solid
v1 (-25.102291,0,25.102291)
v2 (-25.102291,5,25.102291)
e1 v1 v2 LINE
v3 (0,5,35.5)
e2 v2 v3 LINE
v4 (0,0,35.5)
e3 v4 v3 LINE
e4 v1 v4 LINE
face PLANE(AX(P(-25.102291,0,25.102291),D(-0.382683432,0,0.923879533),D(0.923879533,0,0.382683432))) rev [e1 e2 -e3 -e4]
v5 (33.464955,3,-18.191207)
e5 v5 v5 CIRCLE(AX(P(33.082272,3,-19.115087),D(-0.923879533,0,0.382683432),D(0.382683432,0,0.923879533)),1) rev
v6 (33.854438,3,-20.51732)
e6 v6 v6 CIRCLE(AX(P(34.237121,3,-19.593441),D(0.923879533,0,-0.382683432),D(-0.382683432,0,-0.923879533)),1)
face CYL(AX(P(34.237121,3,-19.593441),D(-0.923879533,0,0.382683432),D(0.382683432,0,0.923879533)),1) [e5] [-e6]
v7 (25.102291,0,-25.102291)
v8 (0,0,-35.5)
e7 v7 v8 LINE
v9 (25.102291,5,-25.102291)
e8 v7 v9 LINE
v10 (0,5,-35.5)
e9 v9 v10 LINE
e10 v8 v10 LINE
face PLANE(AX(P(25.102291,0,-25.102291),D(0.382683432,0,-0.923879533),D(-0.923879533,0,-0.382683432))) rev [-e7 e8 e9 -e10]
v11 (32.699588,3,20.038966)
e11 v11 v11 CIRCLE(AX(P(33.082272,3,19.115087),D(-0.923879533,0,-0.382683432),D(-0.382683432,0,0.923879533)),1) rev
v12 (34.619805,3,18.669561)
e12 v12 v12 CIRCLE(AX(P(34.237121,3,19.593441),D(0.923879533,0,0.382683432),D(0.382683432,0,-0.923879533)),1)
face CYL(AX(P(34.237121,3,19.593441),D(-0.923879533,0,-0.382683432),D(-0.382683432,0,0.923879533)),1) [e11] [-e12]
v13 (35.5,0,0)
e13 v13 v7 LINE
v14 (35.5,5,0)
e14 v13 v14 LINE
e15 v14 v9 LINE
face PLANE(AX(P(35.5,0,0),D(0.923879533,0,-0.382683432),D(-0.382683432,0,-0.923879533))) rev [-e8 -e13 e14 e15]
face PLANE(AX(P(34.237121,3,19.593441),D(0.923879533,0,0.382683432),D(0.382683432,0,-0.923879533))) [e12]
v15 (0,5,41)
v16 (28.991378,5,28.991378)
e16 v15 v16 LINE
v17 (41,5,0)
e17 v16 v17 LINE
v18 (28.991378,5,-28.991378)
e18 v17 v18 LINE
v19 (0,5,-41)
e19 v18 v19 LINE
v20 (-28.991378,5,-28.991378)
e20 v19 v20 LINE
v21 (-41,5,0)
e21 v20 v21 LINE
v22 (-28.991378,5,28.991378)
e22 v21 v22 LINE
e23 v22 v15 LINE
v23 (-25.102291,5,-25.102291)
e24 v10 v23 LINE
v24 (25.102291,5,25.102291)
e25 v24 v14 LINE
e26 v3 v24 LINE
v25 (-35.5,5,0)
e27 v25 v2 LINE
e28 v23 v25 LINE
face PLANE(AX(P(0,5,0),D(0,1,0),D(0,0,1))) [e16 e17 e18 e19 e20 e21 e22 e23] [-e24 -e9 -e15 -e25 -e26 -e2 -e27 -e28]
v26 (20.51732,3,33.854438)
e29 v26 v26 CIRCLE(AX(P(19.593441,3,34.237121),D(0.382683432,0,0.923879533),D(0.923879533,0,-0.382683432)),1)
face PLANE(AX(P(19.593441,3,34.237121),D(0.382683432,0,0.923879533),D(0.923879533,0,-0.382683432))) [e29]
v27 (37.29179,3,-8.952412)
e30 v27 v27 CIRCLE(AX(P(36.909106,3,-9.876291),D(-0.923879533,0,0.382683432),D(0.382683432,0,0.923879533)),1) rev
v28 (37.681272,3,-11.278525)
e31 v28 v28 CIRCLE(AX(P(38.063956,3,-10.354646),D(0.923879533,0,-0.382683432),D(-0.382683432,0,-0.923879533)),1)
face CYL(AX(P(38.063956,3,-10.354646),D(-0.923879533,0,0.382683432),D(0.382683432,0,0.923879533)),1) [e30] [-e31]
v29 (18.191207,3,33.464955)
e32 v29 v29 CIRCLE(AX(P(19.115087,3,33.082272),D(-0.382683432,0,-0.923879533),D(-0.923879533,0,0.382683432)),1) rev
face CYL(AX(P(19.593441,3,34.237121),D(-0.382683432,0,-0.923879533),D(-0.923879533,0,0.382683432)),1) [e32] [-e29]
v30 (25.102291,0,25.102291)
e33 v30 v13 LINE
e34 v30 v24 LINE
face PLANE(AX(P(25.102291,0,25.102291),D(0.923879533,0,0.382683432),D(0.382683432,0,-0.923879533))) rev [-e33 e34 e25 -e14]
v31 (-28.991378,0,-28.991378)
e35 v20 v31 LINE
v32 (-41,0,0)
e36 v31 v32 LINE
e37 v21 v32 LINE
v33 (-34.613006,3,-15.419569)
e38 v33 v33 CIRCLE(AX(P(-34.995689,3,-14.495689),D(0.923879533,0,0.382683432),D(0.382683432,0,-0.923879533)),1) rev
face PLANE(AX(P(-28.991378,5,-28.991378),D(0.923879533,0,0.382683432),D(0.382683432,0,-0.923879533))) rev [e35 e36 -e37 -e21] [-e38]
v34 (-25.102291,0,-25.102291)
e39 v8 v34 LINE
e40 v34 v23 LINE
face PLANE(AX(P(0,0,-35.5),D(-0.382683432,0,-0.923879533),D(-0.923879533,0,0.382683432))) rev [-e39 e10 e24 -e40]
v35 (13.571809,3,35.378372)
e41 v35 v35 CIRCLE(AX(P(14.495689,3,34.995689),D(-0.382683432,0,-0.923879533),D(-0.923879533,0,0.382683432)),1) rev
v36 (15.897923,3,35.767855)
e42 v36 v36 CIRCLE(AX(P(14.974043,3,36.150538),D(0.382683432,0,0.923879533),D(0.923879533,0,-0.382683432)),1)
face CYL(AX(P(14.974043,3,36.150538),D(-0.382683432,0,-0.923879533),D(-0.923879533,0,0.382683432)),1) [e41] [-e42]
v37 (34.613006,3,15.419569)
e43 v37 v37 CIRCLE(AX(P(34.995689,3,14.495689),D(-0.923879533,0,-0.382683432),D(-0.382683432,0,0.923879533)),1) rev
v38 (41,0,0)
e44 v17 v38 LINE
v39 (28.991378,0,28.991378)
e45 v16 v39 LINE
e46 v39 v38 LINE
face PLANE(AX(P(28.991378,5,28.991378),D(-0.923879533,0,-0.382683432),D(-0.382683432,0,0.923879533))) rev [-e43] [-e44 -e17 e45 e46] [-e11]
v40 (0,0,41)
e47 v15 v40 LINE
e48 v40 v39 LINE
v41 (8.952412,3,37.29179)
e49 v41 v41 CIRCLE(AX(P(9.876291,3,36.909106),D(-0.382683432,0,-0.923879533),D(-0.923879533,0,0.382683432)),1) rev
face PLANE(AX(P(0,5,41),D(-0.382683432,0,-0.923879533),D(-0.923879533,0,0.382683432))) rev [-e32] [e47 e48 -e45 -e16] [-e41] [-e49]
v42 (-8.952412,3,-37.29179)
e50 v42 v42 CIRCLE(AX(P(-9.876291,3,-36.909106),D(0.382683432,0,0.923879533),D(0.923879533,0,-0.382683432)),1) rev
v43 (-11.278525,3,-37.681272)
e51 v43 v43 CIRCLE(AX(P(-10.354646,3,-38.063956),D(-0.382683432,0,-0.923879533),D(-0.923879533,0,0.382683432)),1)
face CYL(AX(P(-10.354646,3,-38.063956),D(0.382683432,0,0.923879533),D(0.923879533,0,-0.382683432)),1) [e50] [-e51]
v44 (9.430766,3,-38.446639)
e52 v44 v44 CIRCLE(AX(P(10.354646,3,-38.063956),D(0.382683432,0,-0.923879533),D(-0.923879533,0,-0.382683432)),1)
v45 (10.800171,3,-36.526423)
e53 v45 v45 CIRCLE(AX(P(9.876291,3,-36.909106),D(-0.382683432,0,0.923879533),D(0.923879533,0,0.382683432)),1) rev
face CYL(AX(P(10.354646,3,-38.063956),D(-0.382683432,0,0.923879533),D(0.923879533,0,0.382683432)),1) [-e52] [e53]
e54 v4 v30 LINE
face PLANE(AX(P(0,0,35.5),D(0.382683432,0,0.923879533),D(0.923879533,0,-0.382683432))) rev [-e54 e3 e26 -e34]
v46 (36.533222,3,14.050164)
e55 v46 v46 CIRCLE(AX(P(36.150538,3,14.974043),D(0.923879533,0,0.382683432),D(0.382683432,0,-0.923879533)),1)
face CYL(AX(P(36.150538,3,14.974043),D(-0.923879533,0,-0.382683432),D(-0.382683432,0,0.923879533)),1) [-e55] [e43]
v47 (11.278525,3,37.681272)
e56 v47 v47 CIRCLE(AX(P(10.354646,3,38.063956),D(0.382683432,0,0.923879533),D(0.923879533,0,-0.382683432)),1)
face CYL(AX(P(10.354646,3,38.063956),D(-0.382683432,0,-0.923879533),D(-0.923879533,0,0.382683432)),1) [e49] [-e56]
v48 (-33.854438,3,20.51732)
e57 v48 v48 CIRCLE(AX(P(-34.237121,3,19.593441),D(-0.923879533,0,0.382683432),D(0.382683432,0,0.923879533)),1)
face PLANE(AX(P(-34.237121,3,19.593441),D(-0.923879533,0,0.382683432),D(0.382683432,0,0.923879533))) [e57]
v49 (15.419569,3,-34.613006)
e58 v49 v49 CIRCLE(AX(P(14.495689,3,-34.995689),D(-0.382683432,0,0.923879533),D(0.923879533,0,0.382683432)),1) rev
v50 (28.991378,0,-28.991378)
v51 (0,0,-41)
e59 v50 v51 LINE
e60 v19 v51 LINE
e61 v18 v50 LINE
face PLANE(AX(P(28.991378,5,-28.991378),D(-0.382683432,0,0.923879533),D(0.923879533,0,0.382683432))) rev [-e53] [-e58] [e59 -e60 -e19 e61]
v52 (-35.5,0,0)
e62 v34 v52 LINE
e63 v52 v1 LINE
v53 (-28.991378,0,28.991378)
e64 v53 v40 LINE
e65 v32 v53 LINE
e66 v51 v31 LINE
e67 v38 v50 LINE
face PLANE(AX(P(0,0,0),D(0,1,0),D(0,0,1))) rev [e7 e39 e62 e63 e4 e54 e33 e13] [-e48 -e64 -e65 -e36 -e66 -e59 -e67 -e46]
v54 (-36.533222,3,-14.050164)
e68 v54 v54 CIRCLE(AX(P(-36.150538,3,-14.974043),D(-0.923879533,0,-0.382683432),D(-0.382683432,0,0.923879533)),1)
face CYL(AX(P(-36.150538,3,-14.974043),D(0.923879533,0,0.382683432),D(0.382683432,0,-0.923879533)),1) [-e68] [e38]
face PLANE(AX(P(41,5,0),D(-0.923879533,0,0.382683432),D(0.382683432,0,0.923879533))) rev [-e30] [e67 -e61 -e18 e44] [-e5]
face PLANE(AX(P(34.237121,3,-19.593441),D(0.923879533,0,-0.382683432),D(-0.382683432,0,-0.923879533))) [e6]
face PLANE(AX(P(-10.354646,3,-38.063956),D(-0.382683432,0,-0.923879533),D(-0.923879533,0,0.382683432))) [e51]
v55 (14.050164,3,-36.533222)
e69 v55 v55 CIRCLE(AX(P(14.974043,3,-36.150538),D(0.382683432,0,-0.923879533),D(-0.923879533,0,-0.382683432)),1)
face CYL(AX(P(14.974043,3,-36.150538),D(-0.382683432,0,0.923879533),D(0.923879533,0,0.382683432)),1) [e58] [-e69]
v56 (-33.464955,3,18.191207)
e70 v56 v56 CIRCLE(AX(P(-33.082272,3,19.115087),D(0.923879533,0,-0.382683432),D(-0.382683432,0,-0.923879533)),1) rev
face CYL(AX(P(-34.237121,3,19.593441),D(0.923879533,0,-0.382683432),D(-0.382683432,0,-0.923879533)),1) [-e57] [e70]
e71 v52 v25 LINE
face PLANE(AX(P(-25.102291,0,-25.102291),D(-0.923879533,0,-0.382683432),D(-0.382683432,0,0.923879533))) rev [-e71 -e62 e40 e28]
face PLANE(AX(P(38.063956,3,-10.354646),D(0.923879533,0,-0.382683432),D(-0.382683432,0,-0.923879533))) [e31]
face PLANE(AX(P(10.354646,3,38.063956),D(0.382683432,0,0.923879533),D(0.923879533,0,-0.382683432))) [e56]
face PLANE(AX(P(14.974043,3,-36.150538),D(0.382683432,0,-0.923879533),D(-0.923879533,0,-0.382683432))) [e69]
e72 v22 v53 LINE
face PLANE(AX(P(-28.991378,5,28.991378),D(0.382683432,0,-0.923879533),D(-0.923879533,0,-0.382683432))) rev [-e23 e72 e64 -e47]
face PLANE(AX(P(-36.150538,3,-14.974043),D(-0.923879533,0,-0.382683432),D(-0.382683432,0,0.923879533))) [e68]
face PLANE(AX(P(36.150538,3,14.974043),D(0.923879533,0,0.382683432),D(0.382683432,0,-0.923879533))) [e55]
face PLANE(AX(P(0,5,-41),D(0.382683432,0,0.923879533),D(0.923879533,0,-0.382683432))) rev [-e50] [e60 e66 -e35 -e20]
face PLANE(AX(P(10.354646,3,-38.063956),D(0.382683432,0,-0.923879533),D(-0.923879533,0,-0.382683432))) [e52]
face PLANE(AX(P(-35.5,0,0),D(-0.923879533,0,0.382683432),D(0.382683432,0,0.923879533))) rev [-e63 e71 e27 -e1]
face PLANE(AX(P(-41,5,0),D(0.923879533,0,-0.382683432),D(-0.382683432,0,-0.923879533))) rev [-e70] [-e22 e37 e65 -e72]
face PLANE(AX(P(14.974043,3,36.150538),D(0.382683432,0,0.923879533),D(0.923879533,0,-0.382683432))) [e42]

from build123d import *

# Parameters (mm, degrees)
BOSS_EXTRUDE1_DEPTH  = 5
CUT_EXTRUDE1_DEPTH   = 5
SKETCH6_R            = 1
BOSS_EXTRUDE5_DEPTH  = 1.25
SKETCH7_R            = 1
BOSS_EXTRUDE6_DEPTH  = 1.25
SKETCH8_R            = 1
BOSS_EXTRUDE7_DEPTH  = 1.25
BOSS_EXTRUDE8_START  = 1.25
SKETCH9_R            = 1
BOSS_EXTRUDE8_DEPTH  = 1.25
SKETCH10_R           = 1
BOSS_EXTRUDE12_DEPTH = 1.25
BOSS_EXTRUDE13_START = 1.25
SKETCH11_R           = 1
BOSS_EXTRUDE13_DEPTH = 1.25
BOSS_EXTRUDE14_START = 1.25
SKETCH12_R           = 1
BOSS_EXTRUDE14_DEPTH = 1.25


with BuildPart() as part:
    # Sketch3 → Boss-Extrude1 (new body)
    with BuildSketch(Plane(origin=(0, 0, 0), x_dir=(1, 0, 0), z_dir=(0, 1, 0))):
        Polygon((41, 0), (28.991378029, 28.991378029), (0, 41), (-28.991378029, 28.991378029), (-41, 0), (-28.991378029, -28.991378029), (0, -41), (28.991378029, -28.991378029), align=None)
    extrude(amount=BOSS_EXTRUDE1_DEPTH)

    # Sketch5 → Cut-Extrude1 (cut)
    with BuildSketch(Plane(origin=(0, 5, 0), x_dir=(1, 0, 0), z_dir=(0, 1, 0))):
        Polygon((35.5, 0), (25.102290732, 25.102290732), (0, 35.5), (-25.102290732, 25.102290732), (-35.5, 0), (-25.102290732, -25.102290732), (0, -35.5), (25.102290732, -25.102290732), align=None)
    extrude(amount=-CUT_EXTRUDE1_DEPTH, mode=Mode.SUBTRACT)

    # Sketch6 → Boss-Extrude5 (add)
    with BuildSketch(Plane(origin=(14.495689014, 0, 34.995689014), x_dir=(0.9238795325112827, 0, -0.38268343236509966), z_dir=(0.38268343236509966, 0, 0.9238795325112827))):
        with Locations(Location((0, 3, 0), (0, 0, 180))):
            Circle(SKETCH6_R)
        with Locations(Location((-5, 3, 0), (0, 0, 180))):
            Circle(SKETCH6_R)
        with Locations(Location((5, 3, 0), (0, 0, 180))):
            Circle(SKETCH6_R)
    extrude(amount=BOSS_EXTRUDE5_DEPTH)

    # Sketch7 → Boss-Extrude6 (add)
    with BuildSketch(Plane(origin=(-34.995689014, 0, 14.495689014), x_dir=(0.3826834323650997, 0, 0.9238795325112827), z_dir=(-0.9238795325112827, 0, 0.3826834323650997))):
        with Locations(Location((5, 3, 0), (0, 0, 180))):
            Circle(SKETCH7_R)
    extrude(amount=BOSS_EXTRUDE6_DEPTH)

    # Sketch8 → Boss-Extrude7 (add)
    with BuildSketch(Plane(origin=(-34.995689014, 0, -14.495689014), x_dir=(-0.3826834323650795, 0, 0.9238795325112911), z_dir=(-0.9238795325112911, 0, -0.3826834323650795))):
        with Locations(Location((0, 3, 0), (0, 0, 180))):
            Circle(SKETCH8_R)
    extrude(amount=BOSS_EXTRUDE7_DEPTH)

    # Sketch9 → Boss-Extrude8 (add)
    with BuildSketch(Plane(origin=(-14.495689014, 0, -34.995689014), x_dir=(-0.9238795325112826, 0, 0.38268343236509983), z_dir=(-0.38268343236509983, 0, -0.9238795325112826)).offset(BOSS_EXTRUDE8_START)):
        with Locations((-5, 3)):
            Circle(SKETCH9_R)
    extrude(amount=-BOSS_EXTRUDE8_DEPTH)

    # Sketch10 → Boss-Extrude12 (add)
    with BuildSketch(Plane(origin=(14.495689014, 0, -34.995689014), x_dir=(-0.923879532511291, 0, -0.38268343236507973), z_dir=(0.38268343236507973, 0, -0.923879532511291))):
        with Locations(Location((0, 3, 0), (0, 0, 180))):
            Circle(SKETCH10_R)
        with Locations(Location((5, 3, 0), (0, 0, 180))):
            Circle(SKETCH10_R)
    extrude(amount=BOSS_EXTRUDE12_DEPTH)

    # Sketch11 → Boss-Extrude13 (add)
    with BuildSketch(Plane(origin=(34.995689014, 0, -14.495689014), x_dir=(-0.3826834323651001, 0, -0.9238795325112825), z_dir=(0.9238795325112824, 0, -0.38268343236510005)).offset(BOSS_EXTRUDE13_START)):
        with Locations(Location((5, 3, 0), (0, 0, 180))):
            Circle(SKETCH11_R)
        with Locations((-5, 3)):
            Circle(SKETCH11_R)
    extrude(amount=-BOSS_EXTRUDE13_DEPTH)

    # Sketch12 → Boss-Extrude14 (add)
    with BuildSketch(Plane(origin=(34.995689014, 0, 14.495689014), x_dir=(0.3826834323650795, 0, -0.923879532511291), z_dir=(0.9238795325112911, 0, 0.38268343236507957)).offset(BOSS_EXTRUDE14_START)):
        with Locations((0, 3)):
            Circle(SKETCH12_R)
        with Locations(Location((-5, 3, 0), (0, 0, 180))):
            Circle(SKETCH12_R)
    extrude(amount=-BOSS_EXTRUDE14_DEPTH)


solid = part.part
